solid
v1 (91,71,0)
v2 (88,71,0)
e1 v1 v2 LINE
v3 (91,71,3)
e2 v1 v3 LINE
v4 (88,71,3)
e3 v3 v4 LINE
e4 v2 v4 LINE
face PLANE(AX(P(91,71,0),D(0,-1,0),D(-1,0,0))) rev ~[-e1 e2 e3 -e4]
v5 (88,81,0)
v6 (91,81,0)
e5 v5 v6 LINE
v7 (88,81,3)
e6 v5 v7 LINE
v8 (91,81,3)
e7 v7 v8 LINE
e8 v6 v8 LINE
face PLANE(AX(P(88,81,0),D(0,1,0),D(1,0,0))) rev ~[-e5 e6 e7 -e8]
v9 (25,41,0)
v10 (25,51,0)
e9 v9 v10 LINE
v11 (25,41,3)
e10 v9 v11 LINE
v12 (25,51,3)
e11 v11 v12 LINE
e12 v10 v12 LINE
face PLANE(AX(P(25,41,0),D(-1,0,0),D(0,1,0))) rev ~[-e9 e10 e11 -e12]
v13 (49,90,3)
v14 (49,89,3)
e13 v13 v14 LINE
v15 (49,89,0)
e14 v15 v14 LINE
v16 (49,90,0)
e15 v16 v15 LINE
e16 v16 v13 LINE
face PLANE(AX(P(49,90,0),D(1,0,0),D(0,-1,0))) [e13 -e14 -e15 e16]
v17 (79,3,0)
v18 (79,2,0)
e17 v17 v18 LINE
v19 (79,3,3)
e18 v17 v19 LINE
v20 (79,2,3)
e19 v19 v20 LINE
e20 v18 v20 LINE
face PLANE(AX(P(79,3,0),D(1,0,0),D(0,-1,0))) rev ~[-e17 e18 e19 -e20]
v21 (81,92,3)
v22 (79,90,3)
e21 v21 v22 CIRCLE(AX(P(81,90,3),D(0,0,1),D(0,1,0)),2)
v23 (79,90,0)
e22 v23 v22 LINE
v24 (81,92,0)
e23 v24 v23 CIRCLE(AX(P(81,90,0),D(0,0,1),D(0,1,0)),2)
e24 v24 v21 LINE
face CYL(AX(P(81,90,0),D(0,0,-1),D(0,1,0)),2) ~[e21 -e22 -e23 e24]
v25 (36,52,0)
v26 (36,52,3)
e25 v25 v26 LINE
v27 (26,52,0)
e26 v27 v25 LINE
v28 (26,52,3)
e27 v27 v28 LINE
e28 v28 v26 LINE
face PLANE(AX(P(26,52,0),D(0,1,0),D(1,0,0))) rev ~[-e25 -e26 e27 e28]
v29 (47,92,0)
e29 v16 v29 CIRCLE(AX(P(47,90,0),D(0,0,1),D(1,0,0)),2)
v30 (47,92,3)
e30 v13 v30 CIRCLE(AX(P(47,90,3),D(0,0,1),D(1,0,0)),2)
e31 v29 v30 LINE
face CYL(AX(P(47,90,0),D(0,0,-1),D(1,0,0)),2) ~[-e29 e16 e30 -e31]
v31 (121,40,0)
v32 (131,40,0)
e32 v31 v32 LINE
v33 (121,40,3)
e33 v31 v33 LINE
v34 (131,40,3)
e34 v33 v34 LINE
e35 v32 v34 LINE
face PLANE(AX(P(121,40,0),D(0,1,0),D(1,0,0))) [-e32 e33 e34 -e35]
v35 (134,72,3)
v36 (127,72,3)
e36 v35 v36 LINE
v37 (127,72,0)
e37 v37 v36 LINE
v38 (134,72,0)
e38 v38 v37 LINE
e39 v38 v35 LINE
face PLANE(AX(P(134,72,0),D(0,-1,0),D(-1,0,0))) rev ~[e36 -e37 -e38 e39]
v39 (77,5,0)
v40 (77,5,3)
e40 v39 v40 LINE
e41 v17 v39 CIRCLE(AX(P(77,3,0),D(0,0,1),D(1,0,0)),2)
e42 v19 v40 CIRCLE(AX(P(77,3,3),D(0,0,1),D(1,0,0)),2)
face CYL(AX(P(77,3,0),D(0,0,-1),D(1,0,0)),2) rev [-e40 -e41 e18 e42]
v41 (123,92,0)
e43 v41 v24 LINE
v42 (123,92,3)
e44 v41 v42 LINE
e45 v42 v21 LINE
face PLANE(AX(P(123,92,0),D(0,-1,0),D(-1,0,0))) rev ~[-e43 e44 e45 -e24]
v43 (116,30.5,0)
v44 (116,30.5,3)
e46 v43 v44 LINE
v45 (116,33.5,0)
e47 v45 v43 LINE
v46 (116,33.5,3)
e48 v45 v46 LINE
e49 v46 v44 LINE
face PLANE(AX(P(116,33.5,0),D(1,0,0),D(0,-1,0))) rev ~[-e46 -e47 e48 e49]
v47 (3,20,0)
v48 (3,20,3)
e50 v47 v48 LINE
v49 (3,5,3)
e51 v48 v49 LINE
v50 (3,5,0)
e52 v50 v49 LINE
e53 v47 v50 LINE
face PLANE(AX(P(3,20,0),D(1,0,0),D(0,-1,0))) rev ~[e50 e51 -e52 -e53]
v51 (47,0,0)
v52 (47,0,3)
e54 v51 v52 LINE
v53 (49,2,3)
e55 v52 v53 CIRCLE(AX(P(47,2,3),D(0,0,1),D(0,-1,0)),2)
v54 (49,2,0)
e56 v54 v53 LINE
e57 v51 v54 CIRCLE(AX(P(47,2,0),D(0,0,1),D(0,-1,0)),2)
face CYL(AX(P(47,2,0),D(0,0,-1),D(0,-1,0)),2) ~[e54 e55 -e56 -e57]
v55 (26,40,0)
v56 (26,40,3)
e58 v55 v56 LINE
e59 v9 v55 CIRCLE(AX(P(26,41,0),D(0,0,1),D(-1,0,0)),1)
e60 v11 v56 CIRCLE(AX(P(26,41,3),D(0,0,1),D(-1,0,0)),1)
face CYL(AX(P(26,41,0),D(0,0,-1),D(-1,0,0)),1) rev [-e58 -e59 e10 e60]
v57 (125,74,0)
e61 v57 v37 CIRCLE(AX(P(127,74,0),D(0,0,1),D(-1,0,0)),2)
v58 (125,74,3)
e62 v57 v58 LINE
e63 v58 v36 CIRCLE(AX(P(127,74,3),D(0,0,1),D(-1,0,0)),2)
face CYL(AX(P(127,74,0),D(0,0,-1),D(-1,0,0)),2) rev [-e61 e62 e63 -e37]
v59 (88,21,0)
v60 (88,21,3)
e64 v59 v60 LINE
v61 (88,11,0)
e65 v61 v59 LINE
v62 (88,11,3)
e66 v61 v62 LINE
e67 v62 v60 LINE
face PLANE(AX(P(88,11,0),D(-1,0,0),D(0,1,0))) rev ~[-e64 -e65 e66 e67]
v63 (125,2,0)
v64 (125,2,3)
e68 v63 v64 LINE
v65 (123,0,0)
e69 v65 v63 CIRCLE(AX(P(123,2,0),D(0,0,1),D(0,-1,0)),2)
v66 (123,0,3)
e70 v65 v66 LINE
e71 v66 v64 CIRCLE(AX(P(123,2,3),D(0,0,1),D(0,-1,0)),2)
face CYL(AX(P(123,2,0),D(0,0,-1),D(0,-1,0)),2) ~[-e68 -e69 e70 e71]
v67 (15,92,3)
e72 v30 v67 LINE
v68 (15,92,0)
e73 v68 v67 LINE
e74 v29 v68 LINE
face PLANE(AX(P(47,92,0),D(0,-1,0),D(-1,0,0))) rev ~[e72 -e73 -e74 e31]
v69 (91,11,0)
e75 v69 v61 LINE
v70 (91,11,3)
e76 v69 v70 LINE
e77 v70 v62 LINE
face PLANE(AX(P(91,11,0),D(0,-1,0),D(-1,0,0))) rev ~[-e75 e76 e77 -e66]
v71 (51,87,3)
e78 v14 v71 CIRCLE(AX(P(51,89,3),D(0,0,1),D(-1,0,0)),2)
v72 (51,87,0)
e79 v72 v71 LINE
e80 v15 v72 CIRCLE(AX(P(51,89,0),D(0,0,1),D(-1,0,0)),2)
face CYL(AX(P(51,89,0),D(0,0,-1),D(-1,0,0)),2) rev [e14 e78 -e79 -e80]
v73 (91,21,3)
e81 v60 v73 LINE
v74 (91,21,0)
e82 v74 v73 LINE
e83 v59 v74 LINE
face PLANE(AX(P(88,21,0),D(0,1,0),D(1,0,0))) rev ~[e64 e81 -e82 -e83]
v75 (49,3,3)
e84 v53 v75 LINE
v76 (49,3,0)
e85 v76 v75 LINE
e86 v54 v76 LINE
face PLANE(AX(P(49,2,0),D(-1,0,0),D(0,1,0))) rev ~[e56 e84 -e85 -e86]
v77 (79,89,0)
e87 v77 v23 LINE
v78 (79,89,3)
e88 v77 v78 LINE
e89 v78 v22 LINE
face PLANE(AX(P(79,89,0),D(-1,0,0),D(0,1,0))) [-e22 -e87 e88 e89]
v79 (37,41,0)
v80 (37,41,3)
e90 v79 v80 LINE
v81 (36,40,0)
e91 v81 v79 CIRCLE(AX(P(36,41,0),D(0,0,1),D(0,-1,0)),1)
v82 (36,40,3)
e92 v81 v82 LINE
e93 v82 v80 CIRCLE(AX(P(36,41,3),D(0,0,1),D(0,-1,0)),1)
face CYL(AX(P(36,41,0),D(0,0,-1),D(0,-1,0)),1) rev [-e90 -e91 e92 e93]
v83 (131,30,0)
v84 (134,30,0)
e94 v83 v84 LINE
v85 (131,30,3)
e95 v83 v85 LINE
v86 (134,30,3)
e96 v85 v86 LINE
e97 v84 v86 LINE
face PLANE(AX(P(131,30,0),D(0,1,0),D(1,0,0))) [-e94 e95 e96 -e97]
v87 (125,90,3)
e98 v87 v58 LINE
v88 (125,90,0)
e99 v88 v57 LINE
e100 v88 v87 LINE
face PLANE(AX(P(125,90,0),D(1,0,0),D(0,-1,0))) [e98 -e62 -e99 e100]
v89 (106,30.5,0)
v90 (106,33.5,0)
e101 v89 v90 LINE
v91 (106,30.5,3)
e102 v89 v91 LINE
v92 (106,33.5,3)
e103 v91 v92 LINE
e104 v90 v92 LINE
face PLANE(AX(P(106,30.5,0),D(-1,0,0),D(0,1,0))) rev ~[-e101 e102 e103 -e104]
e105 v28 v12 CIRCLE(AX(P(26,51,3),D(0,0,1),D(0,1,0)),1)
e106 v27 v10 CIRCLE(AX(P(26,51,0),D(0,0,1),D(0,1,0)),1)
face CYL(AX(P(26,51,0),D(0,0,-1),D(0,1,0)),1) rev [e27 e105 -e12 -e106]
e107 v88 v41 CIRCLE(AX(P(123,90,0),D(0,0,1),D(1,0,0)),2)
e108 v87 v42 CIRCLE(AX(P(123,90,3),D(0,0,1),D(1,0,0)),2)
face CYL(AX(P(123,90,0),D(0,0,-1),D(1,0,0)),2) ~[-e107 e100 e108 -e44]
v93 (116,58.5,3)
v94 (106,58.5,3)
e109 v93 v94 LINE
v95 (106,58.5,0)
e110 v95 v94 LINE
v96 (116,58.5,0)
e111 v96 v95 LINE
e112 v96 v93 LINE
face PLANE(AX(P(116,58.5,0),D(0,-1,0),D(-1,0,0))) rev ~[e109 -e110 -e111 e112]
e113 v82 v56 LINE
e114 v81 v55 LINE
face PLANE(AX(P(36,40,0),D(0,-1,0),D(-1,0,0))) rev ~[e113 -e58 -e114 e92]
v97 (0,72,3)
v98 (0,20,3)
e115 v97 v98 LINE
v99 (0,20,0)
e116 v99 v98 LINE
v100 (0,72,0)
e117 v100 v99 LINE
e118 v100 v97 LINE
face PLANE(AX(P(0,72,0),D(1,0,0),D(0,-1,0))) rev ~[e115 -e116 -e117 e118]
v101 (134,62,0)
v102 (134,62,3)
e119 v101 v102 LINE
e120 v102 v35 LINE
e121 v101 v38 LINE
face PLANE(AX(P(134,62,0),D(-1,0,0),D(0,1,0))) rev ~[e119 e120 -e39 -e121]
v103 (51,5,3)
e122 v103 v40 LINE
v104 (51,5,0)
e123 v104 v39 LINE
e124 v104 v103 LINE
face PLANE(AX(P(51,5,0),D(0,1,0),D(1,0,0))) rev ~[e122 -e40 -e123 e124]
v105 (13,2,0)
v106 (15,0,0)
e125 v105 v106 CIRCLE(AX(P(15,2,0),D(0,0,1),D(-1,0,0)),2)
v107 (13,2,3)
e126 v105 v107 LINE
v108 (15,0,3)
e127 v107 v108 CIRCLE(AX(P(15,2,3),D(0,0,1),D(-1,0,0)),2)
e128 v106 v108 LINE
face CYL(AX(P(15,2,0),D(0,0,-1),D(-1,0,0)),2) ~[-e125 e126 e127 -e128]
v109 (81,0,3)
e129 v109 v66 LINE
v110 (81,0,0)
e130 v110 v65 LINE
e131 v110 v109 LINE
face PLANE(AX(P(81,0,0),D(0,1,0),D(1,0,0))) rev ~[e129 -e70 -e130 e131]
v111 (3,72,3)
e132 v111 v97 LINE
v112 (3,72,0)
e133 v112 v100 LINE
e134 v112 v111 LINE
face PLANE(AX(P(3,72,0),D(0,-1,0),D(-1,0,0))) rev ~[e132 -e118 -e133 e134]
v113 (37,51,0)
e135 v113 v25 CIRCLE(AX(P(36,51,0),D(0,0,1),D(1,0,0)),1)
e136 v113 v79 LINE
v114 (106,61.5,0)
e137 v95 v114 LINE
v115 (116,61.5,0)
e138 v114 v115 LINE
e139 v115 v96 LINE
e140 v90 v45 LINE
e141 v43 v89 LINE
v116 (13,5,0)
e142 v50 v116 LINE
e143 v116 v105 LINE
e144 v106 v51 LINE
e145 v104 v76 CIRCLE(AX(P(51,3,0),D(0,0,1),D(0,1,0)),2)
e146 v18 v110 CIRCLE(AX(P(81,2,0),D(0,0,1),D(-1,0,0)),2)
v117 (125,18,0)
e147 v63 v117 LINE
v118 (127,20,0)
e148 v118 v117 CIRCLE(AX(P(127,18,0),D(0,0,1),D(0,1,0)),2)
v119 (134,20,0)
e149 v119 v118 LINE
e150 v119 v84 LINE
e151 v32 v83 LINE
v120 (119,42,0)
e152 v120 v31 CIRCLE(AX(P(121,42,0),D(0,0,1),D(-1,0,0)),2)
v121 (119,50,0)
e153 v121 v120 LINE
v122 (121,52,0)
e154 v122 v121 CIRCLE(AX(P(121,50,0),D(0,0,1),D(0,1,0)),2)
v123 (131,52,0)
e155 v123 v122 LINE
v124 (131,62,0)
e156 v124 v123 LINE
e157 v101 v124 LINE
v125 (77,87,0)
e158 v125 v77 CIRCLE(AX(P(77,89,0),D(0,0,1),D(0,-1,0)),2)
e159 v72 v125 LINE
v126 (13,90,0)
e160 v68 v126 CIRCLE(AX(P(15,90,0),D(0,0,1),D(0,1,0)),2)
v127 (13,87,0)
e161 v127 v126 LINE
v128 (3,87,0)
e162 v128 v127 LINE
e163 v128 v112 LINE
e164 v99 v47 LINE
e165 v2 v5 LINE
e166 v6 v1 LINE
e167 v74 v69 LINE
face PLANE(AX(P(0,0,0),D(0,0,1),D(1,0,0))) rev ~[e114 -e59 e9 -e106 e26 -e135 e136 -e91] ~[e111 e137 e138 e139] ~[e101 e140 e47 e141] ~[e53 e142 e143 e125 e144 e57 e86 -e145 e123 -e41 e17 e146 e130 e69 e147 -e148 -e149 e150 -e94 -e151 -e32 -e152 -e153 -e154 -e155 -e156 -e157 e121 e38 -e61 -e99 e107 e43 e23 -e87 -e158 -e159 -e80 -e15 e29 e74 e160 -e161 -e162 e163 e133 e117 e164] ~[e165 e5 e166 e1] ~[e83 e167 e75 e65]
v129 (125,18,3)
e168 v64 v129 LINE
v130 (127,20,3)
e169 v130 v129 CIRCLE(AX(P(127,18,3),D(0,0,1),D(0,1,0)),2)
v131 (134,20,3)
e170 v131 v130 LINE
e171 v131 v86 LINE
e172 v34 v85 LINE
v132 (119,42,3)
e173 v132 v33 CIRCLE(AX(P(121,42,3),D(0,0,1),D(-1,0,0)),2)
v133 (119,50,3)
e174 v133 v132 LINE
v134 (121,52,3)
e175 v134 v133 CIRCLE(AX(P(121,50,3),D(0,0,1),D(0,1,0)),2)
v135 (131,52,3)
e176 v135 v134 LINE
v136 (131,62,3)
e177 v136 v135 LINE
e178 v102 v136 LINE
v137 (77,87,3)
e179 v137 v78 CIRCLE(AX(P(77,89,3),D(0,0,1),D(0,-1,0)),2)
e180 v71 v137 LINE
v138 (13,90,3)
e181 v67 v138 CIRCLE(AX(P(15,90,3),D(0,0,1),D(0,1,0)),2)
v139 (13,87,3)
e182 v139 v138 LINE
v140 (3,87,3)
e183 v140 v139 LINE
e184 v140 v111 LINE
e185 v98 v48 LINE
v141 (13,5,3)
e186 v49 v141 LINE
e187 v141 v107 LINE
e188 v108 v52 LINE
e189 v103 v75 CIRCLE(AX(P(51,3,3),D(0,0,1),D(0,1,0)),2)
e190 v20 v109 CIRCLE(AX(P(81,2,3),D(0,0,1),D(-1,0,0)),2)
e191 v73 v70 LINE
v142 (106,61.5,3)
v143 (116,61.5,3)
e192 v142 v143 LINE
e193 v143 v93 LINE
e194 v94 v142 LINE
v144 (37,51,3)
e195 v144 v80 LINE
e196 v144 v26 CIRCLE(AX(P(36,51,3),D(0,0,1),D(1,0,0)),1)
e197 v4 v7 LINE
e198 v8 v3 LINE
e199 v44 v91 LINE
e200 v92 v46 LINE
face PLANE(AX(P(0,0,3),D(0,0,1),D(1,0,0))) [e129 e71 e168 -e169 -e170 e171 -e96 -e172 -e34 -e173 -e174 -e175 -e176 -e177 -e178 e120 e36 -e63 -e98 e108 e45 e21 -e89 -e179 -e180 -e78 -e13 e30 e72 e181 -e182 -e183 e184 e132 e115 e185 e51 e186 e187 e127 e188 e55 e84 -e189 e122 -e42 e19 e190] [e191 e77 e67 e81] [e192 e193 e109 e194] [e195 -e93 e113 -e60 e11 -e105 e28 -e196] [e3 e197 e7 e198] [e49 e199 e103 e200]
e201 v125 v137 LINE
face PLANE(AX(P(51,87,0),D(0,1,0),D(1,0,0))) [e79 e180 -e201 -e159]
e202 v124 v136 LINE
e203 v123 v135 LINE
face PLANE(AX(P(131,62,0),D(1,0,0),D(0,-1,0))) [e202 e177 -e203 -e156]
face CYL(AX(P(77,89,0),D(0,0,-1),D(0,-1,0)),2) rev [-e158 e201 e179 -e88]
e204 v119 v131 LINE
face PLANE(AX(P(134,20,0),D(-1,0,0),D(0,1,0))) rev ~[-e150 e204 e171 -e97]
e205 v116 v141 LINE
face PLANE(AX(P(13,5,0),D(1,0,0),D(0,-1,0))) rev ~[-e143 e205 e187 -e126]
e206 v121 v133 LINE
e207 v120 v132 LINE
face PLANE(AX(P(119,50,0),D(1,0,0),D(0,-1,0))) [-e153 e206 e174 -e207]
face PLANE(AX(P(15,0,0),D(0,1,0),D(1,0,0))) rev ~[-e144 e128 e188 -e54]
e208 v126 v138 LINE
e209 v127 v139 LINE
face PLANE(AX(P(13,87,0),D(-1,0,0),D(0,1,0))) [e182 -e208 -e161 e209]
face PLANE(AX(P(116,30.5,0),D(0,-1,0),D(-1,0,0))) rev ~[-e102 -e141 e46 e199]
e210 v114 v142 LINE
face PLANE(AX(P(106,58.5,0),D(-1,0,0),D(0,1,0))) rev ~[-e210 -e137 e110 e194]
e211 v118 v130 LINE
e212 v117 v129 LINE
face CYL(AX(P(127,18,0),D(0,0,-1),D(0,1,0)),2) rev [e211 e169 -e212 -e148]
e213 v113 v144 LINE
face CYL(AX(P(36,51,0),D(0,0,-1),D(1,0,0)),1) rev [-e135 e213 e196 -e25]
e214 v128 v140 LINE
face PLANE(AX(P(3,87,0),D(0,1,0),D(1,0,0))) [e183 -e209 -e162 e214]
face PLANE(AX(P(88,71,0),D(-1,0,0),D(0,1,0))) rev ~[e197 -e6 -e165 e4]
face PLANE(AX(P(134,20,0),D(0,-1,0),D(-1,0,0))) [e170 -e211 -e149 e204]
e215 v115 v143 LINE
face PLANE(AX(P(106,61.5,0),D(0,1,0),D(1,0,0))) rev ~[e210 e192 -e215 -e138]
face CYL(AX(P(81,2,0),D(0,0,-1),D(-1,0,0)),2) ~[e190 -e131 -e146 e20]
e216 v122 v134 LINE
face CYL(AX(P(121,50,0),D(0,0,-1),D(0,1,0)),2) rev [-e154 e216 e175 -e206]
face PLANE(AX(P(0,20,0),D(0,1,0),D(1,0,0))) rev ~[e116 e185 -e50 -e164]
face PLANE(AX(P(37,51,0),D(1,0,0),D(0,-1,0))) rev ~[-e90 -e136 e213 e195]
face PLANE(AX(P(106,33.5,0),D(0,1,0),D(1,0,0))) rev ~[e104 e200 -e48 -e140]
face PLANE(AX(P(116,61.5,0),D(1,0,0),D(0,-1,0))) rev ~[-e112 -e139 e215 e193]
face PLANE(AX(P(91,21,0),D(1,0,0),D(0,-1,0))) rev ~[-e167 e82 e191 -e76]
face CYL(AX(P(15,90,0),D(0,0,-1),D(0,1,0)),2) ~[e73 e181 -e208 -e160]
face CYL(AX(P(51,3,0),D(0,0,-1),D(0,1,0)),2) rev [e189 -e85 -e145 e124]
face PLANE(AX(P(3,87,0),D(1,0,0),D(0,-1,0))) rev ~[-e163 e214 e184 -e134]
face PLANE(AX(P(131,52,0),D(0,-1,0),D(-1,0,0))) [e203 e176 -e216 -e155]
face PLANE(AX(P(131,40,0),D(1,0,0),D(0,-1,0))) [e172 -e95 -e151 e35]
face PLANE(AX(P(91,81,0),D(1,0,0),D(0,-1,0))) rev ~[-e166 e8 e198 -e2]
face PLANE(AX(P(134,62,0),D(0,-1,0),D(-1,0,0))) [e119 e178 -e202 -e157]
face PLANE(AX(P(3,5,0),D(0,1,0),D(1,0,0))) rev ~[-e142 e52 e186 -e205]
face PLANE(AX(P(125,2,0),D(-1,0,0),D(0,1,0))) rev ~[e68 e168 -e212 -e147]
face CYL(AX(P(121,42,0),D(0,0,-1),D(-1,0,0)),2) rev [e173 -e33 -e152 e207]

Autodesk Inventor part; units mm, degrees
ref_plane "YZ Plane" through (0, 0, 0) normal (1, 0, 0) x (0, 1, 0)
ref_plane "XZ Plane" through (0, 0, 0) normal (0, 1, 0) x (-1, 0, 0)
ref_plane "XY Plane" through (0, 0, 0) normal (0, 0, 1) x (1, 0, 0)
sketch "Sketch1" plane through (0, 0, 0) normal (0, 0, 1) x (1, 0, 0)
  line L0 (134, 62) -> (131, 62)
  line L1 (131, 30) -> (134, 30)
  line L2 (134, 20) -> (134, 30)
  line L3 (134, 62) -> (134, 72)
  line L4 (3, 87) -> (3, 72)
  line L5 (3, 72) -> (0, 72)
  line L6 (0, 20) -> (3, 20)
  line L7 (3, 20) -> (3, 5)
  line L8 (0, 72) -> (0, 20)
  line L9 (131, 52) -> (121, 52)
  line L10 (119, 50) -> (119, 42)
  line L11 (121, 40) -> (131, 40)
  line L12 (131, 62) -> (131, 52)
  line L13 (131, 40) -> (131, 30)
  line L14 (106, 61.5) -> (116, 61.5)
  line L15 (116, 61.5) -> (116, 58.5)
  line L16 (116, 58.5) -> (106, 58.5)
  line L17 (106, 58.5) -> (106, 61.5)
  line L18 (106, 33.5) -> (116, 33.5)
  line L19 (116, 33.5) -> (116, 30.5)
  line L20 (116, 30.5) -> (106, 30.5)
  line L21 (106, 30.5) -> (106, 33.5)
  line L22 (88, 81) -> (91, 81)
  line L23 (91, 81) -> (91, 71)
  line L24 (91, 71) -> (88, 71)
  line L25 (88, 71) -> (88, 81)
  line L26 (88, 21) -> (91, 21)
  line L27 (91, 21) -> (91, 11)
  line L28 (91, 11) -> (88, 11)
  line L29 (88, 11) -> (88, 21)
  line L30 (134, 20) -> (127, 20)
  line L31 (125, 2) -> (125, 18)
  line L32 (134, 72) -> (127, 72)
  line L33 (125, 90) -> (125, 74)
  line L34 (49, 90) -> (49, 89)
  line L35 (51, 87) -> (77, 87)
  line L36 (79, 89) -> (79, 90)
  line L37 (123, 92) -> (81, 92)
  line L38 (49, 2) -> (49, 3)
  line L39 (51, 5) -> (77, 5)
  line L40 (79, 3) -> (79, 2)
  line L41 (81, 0) -> (123, 0)
  arc A0 (49, 90) -> (47, 92) centre (47, 90) ccw
  arc A1 (49, 89) -> (51, 87) centre (51, 89) ccw
  arc A2 (77, 87) -> (79, 89) centre (77, 89) ccw
  arc A3 (81, 92) -> (79, 90) centre (81, 90) ccw
  arc A4 (125, 74) -> (127, 72) centre (127, 74) ccw
  arc A5 (121, 52) -> (119, 50) centre (121, 50) ccw
  arc A6 (119, 42) -> (121, 40) centre (121, 42) ccw
  arc A7 (127, 20) -> (125, 18) centre (127, 18) ccw
  arc A8 (79, 2) -> (81, 0) centre (81, 2) ccw
  arc A9 (79, 3) -> (77, 5) centre (77, 3) ccw
  arc A10 (51, 5) -> (49, 3) centre (51, 3) ccw
  arc A11 (47, 0) -> (49, 2) centre (47, 2) ccw
  arc A12 (123, 0) -> (125, 2) centre (123, 2) ccw
  arc A13 (125, 90) -> (123, 92) centre (123, 90) ccw
  line L42 (3, 5) -> (13, 5)
  line L43 (13, 5) -> (13, 2)
  line L44 (15, 0) -> (47, 0)
  line L45 (3, 87) -> (13, 87)
  line L46 (13, 87) -> (13, 90)
  line L47 (47, 92) -> (15, 92)
  line L48 (26, 52) -> (36, 52)
  line L49 (37, 51) -> (37, 41)
  line L50 (36, 40) -> (26, 40)
  line L51 (25, 41) -> (25, 51)
  arc A14 (25, 41) -> (26, 40) centre (26, 41) ccw
  arc A15 (26, 52) -> (25, 51) centre (26, 51) ccw
  arc A16 (37, 51) -> (36, 52) centre (36, 51) ccw
  arc A17 (36, 40) -> (37, 41) centre (36, 41) ccw
  arc A18 (13, 2) -> (15, 0) centre (15, 2) ccw
  arc A19 (15, 92) -> (13, 90) centre (15, 90) ccw
  point P0 (0, 0)
  point P1 (125, 0)
  point P2 (125, 92)
  point P3 (119, 52)
  point P4 (119, 40)
  point P5 (125, 20)
  point P6 (125, 72)
  point P7 (49, 87)
  point P8 (79, 87)
  point P9 (79, 92)
  point P10 (49, 0)
  point P11 (49, 5)
  point P12 (79, 5)
  point P13 (79, 0)
  point P14 (13, 0)
  point P15 (13, 92)
  point P16 (25, 52)
  point P17 (37, 40)
  point P18 (37, 52)
  dimension "d6" = 52
  dimension "d8" = 10
  dimension "d12" = 10
  dimension "d14" = 3
  dimension "d15" = 3
  dimension "d19" = 12
  dimension "d20" = 12
  dimension "d22" = 10
  dimension "d24" = 10
  dimension "d26" = 10
  dimension "d27" = 10
  dimension "d28" = 3
  dimension "d29" = 3
  dimension "d30" = 25
  dimension "d32" = 15
  dimension "d33" = 3
  dimension "d34" = 10
  dimension "d35" = 10
  dimension "d36" = 3
  dimension "d46" = 40
  dimension "d47" = 20
  dimension "d48" = 9
  dimension "d51" = 3
  dimension "d67" = 46
  dimension "d69" = 30
  dimension "d70" = 30
  dimension "d74" = 46
  dimension "d76" = 122
  dimension "d77" = 2
  dimension "d78" = 2
  dimension "d79" = 3
  dimension "d80" = 128
  dimension "d81" = 40
  dimension "d90" = 12
  dimension "d91" = 12
  dimension "d92" = 25
  dimension "d95" = 40
  dimension "d96" = 1
  dimension "d99" = 9
  dimension "d102" = 82
  dimension "d103" = 5
  dimension "d104" = 5
  dimension "d105" = 2
extrude "Extrusion6" add sketch "Sketch1" along normal blind 3
properties part number "OpenROV_Dev_EChassis_Main_Plate"
